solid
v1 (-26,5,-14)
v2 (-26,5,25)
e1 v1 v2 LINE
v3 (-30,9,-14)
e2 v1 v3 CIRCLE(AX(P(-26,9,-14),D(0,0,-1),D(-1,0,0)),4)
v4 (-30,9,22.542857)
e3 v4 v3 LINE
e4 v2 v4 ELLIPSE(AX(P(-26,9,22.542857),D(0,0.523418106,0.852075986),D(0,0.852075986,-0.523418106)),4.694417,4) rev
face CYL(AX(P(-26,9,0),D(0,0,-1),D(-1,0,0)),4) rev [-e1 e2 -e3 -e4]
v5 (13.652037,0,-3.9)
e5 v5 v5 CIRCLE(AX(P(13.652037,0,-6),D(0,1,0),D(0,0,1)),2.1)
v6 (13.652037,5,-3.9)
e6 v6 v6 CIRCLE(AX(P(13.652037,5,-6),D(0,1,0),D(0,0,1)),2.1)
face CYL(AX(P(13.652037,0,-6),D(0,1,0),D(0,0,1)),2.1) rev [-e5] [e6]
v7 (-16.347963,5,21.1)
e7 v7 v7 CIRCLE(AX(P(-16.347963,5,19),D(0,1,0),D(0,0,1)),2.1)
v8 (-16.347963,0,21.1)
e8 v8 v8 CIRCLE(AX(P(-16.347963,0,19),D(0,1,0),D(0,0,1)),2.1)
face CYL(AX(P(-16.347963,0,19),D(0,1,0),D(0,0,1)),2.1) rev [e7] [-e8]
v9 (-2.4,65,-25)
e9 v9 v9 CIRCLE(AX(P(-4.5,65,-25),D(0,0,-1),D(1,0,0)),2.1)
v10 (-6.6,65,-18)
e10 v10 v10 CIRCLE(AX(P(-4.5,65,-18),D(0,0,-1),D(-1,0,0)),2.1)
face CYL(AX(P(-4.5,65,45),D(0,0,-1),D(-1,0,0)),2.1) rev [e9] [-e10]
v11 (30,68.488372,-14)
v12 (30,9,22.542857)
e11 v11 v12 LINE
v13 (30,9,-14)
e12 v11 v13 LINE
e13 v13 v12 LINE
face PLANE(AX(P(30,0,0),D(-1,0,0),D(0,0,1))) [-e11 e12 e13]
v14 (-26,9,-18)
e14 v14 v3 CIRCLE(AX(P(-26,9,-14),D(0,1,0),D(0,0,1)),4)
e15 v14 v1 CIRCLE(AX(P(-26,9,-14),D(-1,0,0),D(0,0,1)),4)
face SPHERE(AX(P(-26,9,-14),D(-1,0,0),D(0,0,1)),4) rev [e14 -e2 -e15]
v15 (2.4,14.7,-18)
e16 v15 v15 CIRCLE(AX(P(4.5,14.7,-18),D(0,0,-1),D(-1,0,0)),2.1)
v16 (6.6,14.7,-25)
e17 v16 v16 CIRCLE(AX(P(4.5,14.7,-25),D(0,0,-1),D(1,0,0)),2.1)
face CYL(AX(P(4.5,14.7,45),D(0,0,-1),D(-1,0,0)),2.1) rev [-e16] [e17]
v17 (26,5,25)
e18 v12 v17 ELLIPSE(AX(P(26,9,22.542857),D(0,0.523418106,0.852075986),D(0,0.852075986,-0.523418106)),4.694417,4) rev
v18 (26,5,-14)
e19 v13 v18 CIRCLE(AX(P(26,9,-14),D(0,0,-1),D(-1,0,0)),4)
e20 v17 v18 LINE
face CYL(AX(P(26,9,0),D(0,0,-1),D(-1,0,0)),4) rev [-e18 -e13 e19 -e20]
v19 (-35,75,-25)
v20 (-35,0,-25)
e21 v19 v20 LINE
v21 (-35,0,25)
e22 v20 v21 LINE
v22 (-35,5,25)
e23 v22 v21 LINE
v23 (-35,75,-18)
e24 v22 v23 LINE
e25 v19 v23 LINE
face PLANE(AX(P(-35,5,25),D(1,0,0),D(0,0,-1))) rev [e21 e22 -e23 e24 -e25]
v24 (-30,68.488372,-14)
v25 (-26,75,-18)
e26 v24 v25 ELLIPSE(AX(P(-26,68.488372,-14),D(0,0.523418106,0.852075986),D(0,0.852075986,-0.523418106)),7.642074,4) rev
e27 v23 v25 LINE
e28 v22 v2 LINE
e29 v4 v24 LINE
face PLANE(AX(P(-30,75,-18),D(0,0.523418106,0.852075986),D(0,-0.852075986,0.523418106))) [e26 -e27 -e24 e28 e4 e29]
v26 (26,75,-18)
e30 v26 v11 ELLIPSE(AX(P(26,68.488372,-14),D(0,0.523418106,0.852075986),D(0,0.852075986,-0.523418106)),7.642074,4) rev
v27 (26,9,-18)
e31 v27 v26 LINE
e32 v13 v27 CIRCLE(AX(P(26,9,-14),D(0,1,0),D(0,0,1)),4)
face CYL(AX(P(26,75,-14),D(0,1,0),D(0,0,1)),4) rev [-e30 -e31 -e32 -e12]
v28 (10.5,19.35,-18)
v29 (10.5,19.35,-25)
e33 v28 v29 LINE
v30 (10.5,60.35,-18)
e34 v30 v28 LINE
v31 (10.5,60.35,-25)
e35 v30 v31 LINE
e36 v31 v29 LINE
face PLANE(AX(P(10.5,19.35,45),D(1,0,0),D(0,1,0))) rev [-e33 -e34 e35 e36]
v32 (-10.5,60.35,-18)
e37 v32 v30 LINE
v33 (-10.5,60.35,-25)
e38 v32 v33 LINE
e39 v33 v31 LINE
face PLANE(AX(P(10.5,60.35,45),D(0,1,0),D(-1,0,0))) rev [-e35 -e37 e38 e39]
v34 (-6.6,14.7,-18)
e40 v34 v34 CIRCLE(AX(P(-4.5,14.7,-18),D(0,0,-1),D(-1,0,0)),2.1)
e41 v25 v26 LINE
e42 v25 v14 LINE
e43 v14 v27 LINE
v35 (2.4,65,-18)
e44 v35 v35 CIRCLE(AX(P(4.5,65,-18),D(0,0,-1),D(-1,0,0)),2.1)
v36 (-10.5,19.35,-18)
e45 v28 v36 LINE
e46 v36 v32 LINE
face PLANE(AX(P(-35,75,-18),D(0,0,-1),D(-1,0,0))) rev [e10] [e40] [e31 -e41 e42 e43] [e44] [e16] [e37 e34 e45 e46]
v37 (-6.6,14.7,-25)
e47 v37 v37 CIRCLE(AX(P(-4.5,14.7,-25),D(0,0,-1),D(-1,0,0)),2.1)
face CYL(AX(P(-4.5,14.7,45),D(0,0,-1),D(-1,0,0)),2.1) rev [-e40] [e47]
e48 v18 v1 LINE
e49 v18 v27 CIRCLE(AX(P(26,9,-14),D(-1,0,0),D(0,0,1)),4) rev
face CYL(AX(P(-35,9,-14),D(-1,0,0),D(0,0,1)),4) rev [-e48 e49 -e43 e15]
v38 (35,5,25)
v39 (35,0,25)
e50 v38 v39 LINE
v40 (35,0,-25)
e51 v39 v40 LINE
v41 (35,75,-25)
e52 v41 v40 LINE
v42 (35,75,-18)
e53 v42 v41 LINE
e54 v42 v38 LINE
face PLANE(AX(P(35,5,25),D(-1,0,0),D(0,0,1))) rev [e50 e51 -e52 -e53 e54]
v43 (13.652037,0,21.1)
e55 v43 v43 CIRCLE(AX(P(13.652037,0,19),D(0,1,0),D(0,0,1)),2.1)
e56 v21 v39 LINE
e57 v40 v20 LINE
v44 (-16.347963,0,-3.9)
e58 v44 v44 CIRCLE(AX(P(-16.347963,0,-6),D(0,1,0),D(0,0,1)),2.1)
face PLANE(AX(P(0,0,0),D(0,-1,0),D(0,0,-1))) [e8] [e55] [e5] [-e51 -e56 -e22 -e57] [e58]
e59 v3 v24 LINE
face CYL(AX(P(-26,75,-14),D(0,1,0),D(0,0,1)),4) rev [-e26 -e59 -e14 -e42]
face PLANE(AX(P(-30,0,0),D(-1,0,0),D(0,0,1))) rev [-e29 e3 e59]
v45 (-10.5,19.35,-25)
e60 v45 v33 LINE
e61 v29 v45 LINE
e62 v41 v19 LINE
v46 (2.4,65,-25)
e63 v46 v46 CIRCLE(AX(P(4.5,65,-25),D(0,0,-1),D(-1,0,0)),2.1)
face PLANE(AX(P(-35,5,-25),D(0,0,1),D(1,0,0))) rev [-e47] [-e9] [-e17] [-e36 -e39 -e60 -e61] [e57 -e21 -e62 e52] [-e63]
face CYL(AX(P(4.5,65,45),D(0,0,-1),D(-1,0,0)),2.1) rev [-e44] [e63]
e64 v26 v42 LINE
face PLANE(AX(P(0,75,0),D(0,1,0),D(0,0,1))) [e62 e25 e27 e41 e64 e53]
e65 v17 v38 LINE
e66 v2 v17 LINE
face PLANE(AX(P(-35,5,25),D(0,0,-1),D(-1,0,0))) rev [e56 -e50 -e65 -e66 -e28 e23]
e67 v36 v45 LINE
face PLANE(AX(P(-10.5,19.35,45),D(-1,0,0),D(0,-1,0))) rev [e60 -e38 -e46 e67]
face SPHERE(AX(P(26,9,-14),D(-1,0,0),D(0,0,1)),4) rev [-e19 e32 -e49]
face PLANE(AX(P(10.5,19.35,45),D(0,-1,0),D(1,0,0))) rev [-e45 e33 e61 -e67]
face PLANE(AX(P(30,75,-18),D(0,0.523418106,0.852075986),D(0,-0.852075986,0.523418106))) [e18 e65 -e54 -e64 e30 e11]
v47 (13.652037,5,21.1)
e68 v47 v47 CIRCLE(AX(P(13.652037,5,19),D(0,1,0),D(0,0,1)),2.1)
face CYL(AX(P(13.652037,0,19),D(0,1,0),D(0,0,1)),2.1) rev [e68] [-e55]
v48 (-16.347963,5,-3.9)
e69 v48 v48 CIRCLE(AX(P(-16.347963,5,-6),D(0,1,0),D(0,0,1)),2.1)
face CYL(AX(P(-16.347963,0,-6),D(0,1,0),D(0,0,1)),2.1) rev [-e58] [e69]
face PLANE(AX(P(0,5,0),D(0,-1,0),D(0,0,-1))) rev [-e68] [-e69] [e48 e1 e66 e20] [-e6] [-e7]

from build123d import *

# Parameters (mm, degrees)
SKETCH1_W           = 70
SKETCH1_H           = 50
BOSS_EXTRUDE1_DEPTH = 5
SKETCH2_W           = 70
SKETCH2_H           = 7
BOSS_EXTRUDE2_DEPTH = 70
SKETCH3_R           = 2.1
SKETCH3_W           = 21
SKETCH3_H           = 41
CUT_EXTRUDE1_DEPTH  = 70
BOSS_EXTRUDE3_DEPTH = 5
BOSS_EXTRUDE4_DEPTH = 5
SKETCH8_R           = 2.1
CUT_EXTRUDE2_DEPTH  = 5
FILLET1_R           = 4
FILLET2_R           = 4


with BuildPart() as part:
    # Sketch1 → Boss-Extrude1 (new body)
    with BuildSketch(Plane(origin=(0, 0, 0), x_dir=(1, 0, 0), z_dir=(0, 1, 0))):
        Rectangle(SKETCH1_W, SKETCH1_H)
    extrude(amount=BOSS_EXTRUDE1_DEPTH)

    # Sketch2 → Boss-Extrude2 (add)
    with BuildSketch(Plane(origin=(0, 5, 0), x_dir=(1, 0, 0), z_dir=(0, 1, 0))):
        with Locations((0, 21.5)):
            Rectangle(SKETCH2_W, SKETCH2_H)
    extrude(amount=BOSS_EXTRUDE2_DEPTH)

    # Sketch3 → Cut-Extrude1 (cut)
    with BuildSketch(Plane(origin=(0, 0, -25), x_dir=(-1, 0, 0), z_dir=(0, 0, -1))):
        with Locations((-4.5, 65)):
            Circle(SKETCH3_R)
        with Locations((4.5, 65)):
            Circle(SKETCH3_R)
        with Locations((4.5, 14.7)):
            Circle(SKETCH3_R)
        with Locations((-4.5, 14.7)):
            Circle(SKETCH3_R)
        with Locations((0, 39.85)):
            Rectangle(SKETCH3_W, SKETCH3_H)
    extrude(amount=-CUT_EXTRUDE1_DEPTH, mode=Mode.SUBTRACT)

    # Sketch6 → Boss-Extrude3 (add)
    with BuildSketch(Plane.ZY.offset(35)):
        Polygon((-18, 75), (25, 5), (-18, 5), align=None)
    extrude(amount=-BOSS_EXTRUDE3_DEPTH)

    # Sketch7 → Boss-Extrude4 (add)
    with BuildSketch(Plane(origin=(35, 0, 0), x_dir=(0, 0, -1), z_dir=(1, 0, 0))):
        Polygon((18, 75), (-25, 5), (18, 5), align=None)
    extrude(amount=-BOSS_EXTRUDE4_DEPTH)

    # Sketch8 → Cut-Extrude2 (cut)
    with BuildSketch(Plane(origin=(0, 5, 0), x_dir=(1, 0, 0), z_dir=(0, 1, 0))):
        with Locations(Location((-16.347962706, 6, 0), (0, 0, 270))):
            Circle(SKETCH8_R)
        with Locations(Location((13.652037294, 6, 0), (0, 0, 270))):
            Circle(SKETCH8_R)
        with Locations(Location((-16.347962706, -19, 0), (0, 0, 270))):
            Circle(SKETCH8_R)
        with Locations(Location((13.652037294, -19, 0), (0, 0, 270))):
            Circle(SKETCH8_R)
    extrude(amount=-CUT_EXTRUDE2_DEPTH, mode=Mode.SUBTRACT)

    # Fillet1
    fillet1_edges = [part.edges().sort_by_distance(p)[0] for p in [
        (0, 5, -18),
    ]]
    fillet(fillet1_edges, radius=FILLET1_R)

    # Fillet2
    fillet2_edges = [part.edges().sort_by_distance(p)[0] for p in [
        (30, 42, -18),
        (30, 6.171572875, -16.828427125),
        (-30, 5, 5.5),
        (-30, 6.171572875, -16.828427125),
        (-30, 42, -18),
        (30, 5, 5.5),
    ]]
    fillet(fillet2_edges, radius=FILLET2_R)


solid = part.part
